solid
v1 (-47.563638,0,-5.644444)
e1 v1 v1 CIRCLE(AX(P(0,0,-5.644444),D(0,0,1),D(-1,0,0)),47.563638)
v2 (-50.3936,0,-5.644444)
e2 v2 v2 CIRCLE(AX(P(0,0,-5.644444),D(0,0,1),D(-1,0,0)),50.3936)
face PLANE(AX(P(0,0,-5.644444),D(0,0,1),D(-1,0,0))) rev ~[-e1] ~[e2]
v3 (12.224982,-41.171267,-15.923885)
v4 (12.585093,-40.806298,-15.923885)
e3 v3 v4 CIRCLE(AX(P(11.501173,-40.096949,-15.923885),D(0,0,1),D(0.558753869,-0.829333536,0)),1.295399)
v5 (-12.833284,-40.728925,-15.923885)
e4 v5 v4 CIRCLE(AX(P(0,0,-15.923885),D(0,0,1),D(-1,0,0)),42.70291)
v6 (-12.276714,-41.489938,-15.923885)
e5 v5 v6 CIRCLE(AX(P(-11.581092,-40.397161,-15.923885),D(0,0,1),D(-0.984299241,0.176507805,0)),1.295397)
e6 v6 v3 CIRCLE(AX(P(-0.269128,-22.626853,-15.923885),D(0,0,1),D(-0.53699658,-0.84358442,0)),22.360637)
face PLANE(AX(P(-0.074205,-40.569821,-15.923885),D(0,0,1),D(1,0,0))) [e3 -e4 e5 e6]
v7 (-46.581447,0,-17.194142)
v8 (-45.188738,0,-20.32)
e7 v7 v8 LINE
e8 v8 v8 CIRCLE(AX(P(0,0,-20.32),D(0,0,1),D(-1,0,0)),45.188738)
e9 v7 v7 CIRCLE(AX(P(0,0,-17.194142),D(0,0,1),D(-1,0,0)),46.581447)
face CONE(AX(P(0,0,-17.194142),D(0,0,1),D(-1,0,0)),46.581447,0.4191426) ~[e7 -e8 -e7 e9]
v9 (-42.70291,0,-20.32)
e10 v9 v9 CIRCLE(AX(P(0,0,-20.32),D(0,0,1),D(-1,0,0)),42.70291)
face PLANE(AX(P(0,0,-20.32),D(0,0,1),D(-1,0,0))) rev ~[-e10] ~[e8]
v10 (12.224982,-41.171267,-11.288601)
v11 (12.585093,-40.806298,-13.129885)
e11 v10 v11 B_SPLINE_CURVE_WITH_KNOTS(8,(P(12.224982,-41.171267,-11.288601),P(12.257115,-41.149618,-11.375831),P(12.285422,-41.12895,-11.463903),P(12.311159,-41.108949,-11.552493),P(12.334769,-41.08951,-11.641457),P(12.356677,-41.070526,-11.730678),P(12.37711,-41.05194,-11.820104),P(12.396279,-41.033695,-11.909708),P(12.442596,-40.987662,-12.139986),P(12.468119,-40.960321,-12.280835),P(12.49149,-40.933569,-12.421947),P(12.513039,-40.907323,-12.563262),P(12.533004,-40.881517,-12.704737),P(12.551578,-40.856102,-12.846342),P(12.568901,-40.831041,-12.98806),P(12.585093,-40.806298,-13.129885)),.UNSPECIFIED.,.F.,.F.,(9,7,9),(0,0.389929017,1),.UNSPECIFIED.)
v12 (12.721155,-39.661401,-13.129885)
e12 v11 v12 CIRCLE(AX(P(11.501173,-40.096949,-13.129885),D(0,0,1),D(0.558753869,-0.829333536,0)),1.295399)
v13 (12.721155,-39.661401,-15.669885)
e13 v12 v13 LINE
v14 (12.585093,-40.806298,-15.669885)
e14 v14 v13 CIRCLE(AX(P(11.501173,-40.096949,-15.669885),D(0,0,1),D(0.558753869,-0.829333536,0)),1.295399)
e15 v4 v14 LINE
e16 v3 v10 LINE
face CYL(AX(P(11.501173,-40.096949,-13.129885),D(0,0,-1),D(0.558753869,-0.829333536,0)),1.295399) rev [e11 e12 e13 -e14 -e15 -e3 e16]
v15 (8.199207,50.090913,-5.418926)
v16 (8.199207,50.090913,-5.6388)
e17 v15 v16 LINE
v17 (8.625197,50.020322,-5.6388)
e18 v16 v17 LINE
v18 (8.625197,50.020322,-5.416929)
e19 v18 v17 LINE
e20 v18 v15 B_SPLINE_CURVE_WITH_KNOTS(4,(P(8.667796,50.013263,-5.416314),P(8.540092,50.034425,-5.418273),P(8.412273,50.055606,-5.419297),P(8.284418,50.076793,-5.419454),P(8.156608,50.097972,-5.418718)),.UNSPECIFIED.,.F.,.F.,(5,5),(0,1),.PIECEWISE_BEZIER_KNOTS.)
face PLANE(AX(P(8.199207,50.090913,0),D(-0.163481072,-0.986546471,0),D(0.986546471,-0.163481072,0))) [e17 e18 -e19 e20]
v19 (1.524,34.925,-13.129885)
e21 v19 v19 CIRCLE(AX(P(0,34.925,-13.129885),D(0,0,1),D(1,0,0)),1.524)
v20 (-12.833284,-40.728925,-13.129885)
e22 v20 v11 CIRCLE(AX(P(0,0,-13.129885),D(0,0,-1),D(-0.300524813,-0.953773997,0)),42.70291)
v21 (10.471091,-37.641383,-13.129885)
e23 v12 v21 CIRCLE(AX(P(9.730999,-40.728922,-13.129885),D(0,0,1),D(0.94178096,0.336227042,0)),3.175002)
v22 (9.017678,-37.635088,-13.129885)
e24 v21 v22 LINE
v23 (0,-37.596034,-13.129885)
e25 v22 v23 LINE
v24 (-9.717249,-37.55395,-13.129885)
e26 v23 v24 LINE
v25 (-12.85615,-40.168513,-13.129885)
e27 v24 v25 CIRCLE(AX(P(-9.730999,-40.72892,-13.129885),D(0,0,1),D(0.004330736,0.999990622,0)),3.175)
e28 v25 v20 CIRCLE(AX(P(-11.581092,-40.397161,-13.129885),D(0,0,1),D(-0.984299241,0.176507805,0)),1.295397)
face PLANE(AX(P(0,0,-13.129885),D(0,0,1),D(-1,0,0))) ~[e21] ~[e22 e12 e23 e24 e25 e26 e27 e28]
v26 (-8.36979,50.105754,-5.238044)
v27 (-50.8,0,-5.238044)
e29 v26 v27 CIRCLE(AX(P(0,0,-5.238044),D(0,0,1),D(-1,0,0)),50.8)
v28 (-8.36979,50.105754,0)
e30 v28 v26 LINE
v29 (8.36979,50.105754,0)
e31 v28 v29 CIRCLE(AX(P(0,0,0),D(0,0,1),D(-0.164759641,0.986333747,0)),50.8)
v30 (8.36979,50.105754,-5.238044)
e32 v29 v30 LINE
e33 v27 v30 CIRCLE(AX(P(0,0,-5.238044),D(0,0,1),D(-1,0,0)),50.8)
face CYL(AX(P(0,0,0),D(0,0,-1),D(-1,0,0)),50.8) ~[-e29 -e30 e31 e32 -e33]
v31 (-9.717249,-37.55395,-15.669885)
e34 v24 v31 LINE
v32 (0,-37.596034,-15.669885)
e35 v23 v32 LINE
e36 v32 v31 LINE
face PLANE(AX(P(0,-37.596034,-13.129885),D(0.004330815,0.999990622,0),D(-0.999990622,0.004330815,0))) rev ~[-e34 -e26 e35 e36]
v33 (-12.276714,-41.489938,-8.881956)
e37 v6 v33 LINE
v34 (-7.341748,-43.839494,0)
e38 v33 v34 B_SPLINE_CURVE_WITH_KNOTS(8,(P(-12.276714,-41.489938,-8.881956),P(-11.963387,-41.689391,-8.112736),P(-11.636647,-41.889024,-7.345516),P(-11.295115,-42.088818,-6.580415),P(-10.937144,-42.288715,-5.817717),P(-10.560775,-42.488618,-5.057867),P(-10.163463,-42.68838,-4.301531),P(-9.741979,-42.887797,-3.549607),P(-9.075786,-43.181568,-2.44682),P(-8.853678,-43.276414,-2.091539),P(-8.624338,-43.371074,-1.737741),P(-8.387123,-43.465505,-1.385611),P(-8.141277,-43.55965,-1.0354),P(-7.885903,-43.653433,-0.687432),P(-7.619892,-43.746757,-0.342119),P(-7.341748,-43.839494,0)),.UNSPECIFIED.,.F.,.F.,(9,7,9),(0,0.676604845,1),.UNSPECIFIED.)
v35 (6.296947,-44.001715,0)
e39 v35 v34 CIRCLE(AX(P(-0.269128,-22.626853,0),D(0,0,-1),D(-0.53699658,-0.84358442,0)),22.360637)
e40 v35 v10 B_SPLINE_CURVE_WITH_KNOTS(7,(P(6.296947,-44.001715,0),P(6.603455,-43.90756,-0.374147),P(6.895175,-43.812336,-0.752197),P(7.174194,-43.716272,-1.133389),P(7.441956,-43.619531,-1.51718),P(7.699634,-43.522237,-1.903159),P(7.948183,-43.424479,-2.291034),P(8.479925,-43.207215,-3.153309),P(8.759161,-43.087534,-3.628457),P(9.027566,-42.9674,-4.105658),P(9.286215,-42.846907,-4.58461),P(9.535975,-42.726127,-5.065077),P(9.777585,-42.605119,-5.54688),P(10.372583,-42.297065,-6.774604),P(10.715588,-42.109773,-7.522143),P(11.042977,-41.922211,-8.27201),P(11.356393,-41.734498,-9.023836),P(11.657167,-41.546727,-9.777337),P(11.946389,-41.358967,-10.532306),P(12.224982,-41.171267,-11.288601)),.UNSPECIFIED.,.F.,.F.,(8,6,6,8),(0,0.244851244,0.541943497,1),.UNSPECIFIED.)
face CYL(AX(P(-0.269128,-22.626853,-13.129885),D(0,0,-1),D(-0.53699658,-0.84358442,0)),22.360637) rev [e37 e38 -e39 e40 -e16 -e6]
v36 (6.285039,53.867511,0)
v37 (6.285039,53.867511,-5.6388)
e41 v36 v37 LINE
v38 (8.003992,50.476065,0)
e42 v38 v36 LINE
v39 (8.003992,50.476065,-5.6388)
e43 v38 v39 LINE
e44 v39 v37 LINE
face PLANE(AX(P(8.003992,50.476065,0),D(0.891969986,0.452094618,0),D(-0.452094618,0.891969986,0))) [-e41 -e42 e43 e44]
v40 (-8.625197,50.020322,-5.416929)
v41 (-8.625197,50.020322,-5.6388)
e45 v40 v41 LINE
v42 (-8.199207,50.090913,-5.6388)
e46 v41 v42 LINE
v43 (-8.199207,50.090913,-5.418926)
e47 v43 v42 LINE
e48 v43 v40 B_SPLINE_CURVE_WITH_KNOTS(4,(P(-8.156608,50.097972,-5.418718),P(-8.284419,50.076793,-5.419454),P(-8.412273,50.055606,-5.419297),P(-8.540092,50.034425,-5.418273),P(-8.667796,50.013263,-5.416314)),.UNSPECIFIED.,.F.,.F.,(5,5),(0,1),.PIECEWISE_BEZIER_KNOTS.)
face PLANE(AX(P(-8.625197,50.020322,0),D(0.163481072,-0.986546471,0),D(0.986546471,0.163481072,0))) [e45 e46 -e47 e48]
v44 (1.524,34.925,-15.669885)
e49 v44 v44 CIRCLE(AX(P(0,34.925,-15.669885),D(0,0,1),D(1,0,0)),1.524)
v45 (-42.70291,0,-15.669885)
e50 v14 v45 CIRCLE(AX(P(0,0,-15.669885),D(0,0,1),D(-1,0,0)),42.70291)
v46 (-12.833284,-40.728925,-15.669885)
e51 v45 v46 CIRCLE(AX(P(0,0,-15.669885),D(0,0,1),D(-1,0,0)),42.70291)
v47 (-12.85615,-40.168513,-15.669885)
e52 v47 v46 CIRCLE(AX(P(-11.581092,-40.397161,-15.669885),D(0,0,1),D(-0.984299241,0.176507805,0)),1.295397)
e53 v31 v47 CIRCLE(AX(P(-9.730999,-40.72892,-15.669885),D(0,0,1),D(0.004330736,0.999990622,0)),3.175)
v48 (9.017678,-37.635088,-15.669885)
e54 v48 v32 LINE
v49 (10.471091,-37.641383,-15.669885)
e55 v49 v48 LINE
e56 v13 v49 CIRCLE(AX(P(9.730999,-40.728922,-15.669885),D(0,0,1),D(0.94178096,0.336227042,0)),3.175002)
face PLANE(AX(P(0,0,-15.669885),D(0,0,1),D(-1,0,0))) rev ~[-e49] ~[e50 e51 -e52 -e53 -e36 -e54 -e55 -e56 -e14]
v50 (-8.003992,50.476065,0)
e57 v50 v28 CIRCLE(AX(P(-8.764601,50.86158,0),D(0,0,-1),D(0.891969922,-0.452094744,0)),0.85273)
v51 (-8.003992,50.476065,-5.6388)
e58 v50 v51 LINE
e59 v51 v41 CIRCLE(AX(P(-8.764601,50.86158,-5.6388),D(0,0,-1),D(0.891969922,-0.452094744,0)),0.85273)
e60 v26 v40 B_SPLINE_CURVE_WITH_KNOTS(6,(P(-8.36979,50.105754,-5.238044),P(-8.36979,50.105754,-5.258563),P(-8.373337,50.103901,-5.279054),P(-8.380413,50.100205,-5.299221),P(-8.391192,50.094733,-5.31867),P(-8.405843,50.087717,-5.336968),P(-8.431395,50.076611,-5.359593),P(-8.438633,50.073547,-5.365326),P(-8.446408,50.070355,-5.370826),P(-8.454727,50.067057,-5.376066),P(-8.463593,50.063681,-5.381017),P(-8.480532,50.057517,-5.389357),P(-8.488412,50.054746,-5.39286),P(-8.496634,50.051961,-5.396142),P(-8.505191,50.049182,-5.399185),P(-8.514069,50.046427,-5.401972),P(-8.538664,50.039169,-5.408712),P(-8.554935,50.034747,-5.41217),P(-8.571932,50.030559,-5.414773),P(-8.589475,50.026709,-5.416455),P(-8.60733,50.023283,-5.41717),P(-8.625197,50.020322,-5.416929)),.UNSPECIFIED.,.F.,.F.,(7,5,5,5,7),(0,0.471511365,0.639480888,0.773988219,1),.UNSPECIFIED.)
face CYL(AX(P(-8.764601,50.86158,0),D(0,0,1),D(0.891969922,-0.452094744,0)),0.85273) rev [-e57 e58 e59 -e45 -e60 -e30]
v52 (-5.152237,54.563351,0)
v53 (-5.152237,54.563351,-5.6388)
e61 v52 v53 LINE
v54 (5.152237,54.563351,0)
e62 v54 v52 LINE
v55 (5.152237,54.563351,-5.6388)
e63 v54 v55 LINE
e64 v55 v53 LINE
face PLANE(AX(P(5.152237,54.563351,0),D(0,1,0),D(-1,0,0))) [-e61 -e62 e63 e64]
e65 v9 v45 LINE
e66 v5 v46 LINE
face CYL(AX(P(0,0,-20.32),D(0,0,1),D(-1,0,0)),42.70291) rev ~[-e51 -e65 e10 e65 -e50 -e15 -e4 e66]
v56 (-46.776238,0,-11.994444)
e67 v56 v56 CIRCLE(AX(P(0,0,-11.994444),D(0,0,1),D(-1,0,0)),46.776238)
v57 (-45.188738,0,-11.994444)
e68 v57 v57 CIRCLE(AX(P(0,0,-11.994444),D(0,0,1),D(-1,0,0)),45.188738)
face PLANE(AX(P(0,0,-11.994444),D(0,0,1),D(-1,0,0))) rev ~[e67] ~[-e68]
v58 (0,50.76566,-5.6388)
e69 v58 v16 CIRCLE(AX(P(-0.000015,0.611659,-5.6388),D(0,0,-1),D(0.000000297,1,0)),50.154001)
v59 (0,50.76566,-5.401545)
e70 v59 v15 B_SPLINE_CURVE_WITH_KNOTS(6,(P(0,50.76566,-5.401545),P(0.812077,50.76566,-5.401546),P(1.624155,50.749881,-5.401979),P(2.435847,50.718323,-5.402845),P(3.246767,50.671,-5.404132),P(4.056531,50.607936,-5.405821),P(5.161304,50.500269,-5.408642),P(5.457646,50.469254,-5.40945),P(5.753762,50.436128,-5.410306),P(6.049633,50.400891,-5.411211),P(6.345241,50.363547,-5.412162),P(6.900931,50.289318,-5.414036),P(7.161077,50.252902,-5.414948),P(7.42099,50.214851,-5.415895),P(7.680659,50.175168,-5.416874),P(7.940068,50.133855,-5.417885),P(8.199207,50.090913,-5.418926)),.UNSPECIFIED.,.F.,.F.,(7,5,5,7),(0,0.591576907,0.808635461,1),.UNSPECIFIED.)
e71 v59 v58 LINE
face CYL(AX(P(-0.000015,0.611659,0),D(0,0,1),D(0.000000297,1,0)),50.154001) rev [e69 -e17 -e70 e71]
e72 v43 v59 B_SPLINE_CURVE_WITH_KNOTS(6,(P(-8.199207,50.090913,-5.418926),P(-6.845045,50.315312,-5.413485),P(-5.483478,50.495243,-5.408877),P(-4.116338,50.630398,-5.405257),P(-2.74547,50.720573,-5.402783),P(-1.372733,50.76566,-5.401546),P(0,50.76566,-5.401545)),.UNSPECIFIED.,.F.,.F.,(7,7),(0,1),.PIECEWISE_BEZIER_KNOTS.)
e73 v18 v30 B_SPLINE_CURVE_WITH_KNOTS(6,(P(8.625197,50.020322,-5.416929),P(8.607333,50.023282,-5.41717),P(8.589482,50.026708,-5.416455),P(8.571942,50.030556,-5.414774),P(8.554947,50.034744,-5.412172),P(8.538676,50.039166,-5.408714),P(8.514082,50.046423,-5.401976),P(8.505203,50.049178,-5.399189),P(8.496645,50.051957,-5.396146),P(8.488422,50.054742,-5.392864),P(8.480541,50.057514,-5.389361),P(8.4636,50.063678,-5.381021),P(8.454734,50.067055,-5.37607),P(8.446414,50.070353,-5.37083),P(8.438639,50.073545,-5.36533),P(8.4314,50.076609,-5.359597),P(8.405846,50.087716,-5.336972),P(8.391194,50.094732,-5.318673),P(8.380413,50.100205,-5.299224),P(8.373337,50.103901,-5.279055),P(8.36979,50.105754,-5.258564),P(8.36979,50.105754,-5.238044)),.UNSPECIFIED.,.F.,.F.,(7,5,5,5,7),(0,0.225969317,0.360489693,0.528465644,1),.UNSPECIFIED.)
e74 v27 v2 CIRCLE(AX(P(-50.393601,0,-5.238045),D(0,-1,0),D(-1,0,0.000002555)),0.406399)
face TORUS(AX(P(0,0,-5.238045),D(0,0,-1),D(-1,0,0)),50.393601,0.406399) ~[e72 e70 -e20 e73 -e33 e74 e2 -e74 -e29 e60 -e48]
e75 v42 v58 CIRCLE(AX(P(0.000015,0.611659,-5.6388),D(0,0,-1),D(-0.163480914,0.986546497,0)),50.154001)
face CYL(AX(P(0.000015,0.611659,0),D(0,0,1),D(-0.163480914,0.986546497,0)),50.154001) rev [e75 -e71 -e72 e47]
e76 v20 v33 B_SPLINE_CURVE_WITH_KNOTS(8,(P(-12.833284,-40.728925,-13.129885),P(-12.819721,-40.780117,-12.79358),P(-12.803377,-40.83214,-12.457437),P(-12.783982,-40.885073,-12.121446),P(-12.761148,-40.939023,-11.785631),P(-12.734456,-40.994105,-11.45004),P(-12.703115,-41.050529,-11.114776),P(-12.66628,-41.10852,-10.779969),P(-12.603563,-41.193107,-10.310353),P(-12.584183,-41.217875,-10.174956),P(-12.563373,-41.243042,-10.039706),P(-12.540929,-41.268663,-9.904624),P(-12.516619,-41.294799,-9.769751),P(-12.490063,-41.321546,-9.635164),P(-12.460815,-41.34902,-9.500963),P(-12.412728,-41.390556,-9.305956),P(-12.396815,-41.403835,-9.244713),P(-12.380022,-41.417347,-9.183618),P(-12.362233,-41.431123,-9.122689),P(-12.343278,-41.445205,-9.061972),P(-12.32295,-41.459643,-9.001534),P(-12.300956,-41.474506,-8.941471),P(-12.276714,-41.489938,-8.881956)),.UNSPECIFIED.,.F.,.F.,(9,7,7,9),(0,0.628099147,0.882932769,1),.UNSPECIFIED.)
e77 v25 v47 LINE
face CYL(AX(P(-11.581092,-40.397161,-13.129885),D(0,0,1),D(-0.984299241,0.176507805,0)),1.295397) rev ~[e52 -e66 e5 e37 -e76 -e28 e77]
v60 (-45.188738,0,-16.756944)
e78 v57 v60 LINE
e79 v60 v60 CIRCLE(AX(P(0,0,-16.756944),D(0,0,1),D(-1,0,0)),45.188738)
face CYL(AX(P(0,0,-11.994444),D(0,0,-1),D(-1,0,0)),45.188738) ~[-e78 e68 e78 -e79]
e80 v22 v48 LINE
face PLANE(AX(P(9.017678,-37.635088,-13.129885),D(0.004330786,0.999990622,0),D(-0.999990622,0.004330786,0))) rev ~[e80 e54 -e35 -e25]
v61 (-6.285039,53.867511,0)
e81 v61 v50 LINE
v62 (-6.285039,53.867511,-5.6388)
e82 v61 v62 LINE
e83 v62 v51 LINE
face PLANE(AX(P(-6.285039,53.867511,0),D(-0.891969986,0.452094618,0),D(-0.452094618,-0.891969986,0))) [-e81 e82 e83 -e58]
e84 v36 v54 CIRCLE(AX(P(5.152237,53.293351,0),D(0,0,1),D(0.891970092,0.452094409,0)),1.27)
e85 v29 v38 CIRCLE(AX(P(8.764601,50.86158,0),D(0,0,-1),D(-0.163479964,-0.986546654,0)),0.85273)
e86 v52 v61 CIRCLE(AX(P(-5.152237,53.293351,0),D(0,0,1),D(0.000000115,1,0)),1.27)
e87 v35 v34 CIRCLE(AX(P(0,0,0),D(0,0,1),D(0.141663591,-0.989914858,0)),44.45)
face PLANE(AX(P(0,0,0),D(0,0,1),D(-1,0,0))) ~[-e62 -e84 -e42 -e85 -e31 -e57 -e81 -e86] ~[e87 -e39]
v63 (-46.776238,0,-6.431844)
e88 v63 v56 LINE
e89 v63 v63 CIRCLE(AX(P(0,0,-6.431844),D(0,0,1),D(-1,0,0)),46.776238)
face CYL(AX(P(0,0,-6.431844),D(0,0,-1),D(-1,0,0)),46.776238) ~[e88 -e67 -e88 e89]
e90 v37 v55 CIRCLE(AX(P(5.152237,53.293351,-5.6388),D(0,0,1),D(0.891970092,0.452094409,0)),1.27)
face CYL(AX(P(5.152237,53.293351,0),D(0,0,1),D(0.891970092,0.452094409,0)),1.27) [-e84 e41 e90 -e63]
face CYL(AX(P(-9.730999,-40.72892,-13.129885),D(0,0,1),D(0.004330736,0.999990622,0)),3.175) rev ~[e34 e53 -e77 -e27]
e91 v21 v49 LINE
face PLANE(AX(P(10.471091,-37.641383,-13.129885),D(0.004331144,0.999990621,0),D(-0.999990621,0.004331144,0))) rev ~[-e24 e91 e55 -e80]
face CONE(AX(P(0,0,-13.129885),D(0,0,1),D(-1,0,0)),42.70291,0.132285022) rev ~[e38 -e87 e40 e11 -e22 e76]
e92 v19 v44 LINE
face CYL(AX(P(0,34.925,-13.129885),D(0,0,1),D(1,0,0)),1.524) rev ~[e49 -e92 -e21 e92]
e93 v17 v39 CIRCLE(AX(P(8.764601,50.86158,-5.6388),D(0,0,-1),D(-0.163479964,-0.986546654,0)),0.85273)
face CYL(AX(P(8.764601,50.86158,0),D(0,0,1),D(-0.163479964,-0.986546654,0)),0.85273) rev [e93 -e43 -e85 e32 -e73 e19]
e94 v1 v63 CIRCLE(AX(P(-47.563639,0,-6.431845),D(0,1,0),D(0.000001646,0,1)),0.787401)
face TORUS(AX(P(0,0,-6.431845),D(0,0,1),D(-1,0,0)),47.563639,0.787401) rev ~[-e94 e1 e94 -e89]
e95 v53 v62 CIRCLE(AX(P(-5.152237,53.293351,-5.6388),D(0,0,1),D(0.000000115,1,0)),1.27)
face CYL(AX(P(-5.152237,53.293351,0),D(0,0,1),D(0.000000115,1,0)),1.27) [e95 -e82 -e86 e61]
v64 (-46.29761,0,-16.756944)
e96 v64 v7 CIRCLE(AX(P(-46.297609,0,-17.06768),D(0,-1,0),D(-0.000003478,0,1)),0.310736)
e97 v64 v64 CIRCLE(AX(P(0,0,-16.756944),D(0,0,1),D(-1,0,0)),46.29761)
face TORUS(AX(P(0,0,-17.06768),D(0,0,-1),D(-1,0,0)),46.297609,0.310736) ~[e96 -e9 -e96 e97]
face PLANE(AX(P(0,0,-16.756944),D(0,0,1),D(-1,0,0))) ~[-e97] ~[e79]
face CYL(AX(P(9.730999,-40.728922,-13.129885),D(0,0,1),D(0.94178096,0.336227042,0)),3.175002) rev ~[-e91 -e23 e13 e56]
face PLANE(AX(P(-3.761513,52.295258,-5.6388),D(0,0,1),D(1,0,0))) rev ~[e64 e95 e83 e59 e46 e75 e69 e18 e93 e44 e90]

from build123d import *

# Parameters (mm, degrees)
F4_DEPTH = 2.794
F5_DEPTH = 25.4
F6_R     = 1.524
F7_DEPTH = 25.4
F9_DEPTH = 5.6388


with BuildPart() as f1:
    # F0 (on Front) → F1 (revolve)
    with BuildSketch(Plane.XZ):
        with BuildLine():
            Line((-42.70291, -13.129885), (-44.45, 0))
            Line((-44.45, 0), (-50.3936, 0))
            Line((-50.3936, 0), (-50.8, 0))
            Line((-50.8, 0), (-50.8, -0.4064))
            Line((-50.8, -0.4064), (-50.8, -5.238044))
            ThreePointArc((-50.8, -5.238044), (-50.680968, -5.525413), (-50.3936, -5.644444))
            Line((-50.3936, -5.644444), (-47.563638, -5.644444))
            ThreePointArc((-47.563638, -5.644444), (-47.006862, -5.875069), (-46.776238, -6.431844))
            Line((-46.776238, -6.431844), (-46.776238, -11.994444))
            Line((-46.776238, -11.994444), (-45.188738, -11.994444))
            Line((-45.188738, -11.994444), (-45.188738, -16.756944))
            Line((-45.188738, -16.756944), (-46.29761, -16.756944))
            ThreePointArc((-46.29761, -16.756944), (-46.558236, -16.898475), (-46.581447, -17.194142))
            Line((-46.581447, -17.194142), (-45.188738, -20.32))
            Line((-45.188738, -20.32), (-42.70291, -20.32))
            Line((-42.70291, -20.32), (-42.70291, -15.669885))
            Line((-42.70291, -15.669885), (0, -15.669885))
            Line((0, -15.669885), (0, -13.129885))
            Line((0, -13.129885), (-42.70291, -13.129885))
        make_face()
    revolve(axis=Axis((0, 0, -10.16), (0, 0, 1)))

    # F3 (on offset) → F4 (cut)
    with BuildSketch(Plane.XY.offset(-13.129885)):
        with BuildLine():
            Line((9.017678, -37.635088), (0, -37.596034))
            Line((0, -37.596034), (-9.717249, -37.55395))
            ThreePointArc((-9.717249, -37.55395), (-11.76304, -38.289364), (-12.85615, -40.168513))
            ThreePointArc((-12.85615, -40.168513), (-12.767446, -40.917369), (-12.276714, -41.489938))
            ThreePointArc((-12.276714, -41.489938), (0.021671, -44.985599), (12.224982, -41.171267))
            ThreePointArc((12.224982, -41.171267), (12.731825, -40.501367), (12.721155, -39.661401))
            ThreePointArc((12.721155, -39.661401), (11.852038, -38.366333), (10.471091, -37.641383))
            Line((10.471091, -37.641383), (9.017678, -37.635088))
        make_face()
    extrude(amount=-F4_DEPTH, mode=Mode.SUBTRACT)

    # F3 (on offset) → F5 (cut)
    with BuildSketch(Plane.XY.offset(-13.129885)):
        with BuildLine():
            ThreePointArc((1.524, 34.925), (-1.077631, 36.002631), (0, 33.401))
            ThreePointArc((0, 33.401), (1.077631, 33.847369), (1.524, 34.925))
        make_face()
        with BuildLine():
            Line((9.017678, -37.635088), (0, -37.596034))
            Line((0, -37.596034), (-9.717249, -37.55395))
            ThreePointArc((-9.717249, -37.55395), (-11.76304, -38.289364), (-12.85615, -40.168513))
            ThreePointArc((-12.85615, -40.168513), (-12.767446, -40.917369), (-12.276714, -41.489938))
            ThreePointArc((-12.276714, -41.489938), (0.021671, -44.985599), (12.224982, -41.171267))
            ThreePointArc((12.224982, -41.171267), (12.731825, -40.501367), (12.721155, -39.661401))
            ThreePointArc((12.721155, -39.661401), (11.852038, -38.366333), (10.471091, -37.641383))
            Line((10.471091, -37.641383), (9.017678, -37.635088))
        make_face()
        with BuildLine():
            ThreePointArc((10.471091, -37.641383), (9.74475, -37.55395), (9.017678, -37.635088))
            Line((9.017678, -37.635088), (10.471091, -37.641383))
        make_face()
    extrude(amount=F5_DEPTH, mode=Mode.SUBTRACT)

    # F6 (on offset) → F7 (cut)
    with BuildSketch(Plane.XY.offset(-13.129885)):
        with Locations((0, 34.925)):
            Circle(F6_R)
    extrude(amount=-F7_DEPTH, mode=Mode.SUBTRACT)

    # F8 (on Top) → F9 (join)
    with BuildSketch(Plane.XY):
        with BuildLine():
            ThreePointArc((-8.199207, 50.090913), (-4.113462, 50.596688), (0, 50.76566))
            Line((0, 50.76566), (0, 54.563351))
            Line((0, 54.563351), (-5.152237, 54.563351))
            ThreePointArc((-5.152237, 54.563351), (-5.816961, 54.375498), (-6.285039, 53.867511))
            Line((-6.285039, 53.867511), (-8.003992, 50.476065))
            Line((-8.003992, 50.476065), (-8.199207, 50.090913))
        make_face()
        with BuildLine():
            Line((0, 54.563351), (0, 50.76566))
            ThreePointArc((0, 50.76566), (4.113462, 50.596688), (8.199207, 50.090913))
            Line((8.199207, 50.090913), (8.003992, 50.476065))
            Line((8.003992, 50.476065), (6.285039, 53.867511))
            ThreePointArc((6.285039, 53.867511), (5.816961, 54.375498), (5.152237, 54.563351))
            Line((5.152237, 54.563351), (0, 54.563351))
        make_face()
        with BuildLine():
            Line((8.003992, 50.476065), (8.199207, 50.090913))
            Line((8.199207, 50.090913), (8.625197, 50.020322))
            ThreePointArc((8.625197, 50.020322), (8.260189, 50.174036), (8.003992, 50.476065))
        make_face()
        with BuildLine():
            Line((-8.625197, 50.020322), (-8.199207, 50.090913))
            Line((-8.199207, 50.090913), (-8.003992, 50.476065))
            ThreePointArc((-8.003992, 50.476065), (-8.260189, 50.174036), (-8.625197, 50.020322))
        make_face()
    extrude(amount=-F9_DEPTH)


solid = f1.part
